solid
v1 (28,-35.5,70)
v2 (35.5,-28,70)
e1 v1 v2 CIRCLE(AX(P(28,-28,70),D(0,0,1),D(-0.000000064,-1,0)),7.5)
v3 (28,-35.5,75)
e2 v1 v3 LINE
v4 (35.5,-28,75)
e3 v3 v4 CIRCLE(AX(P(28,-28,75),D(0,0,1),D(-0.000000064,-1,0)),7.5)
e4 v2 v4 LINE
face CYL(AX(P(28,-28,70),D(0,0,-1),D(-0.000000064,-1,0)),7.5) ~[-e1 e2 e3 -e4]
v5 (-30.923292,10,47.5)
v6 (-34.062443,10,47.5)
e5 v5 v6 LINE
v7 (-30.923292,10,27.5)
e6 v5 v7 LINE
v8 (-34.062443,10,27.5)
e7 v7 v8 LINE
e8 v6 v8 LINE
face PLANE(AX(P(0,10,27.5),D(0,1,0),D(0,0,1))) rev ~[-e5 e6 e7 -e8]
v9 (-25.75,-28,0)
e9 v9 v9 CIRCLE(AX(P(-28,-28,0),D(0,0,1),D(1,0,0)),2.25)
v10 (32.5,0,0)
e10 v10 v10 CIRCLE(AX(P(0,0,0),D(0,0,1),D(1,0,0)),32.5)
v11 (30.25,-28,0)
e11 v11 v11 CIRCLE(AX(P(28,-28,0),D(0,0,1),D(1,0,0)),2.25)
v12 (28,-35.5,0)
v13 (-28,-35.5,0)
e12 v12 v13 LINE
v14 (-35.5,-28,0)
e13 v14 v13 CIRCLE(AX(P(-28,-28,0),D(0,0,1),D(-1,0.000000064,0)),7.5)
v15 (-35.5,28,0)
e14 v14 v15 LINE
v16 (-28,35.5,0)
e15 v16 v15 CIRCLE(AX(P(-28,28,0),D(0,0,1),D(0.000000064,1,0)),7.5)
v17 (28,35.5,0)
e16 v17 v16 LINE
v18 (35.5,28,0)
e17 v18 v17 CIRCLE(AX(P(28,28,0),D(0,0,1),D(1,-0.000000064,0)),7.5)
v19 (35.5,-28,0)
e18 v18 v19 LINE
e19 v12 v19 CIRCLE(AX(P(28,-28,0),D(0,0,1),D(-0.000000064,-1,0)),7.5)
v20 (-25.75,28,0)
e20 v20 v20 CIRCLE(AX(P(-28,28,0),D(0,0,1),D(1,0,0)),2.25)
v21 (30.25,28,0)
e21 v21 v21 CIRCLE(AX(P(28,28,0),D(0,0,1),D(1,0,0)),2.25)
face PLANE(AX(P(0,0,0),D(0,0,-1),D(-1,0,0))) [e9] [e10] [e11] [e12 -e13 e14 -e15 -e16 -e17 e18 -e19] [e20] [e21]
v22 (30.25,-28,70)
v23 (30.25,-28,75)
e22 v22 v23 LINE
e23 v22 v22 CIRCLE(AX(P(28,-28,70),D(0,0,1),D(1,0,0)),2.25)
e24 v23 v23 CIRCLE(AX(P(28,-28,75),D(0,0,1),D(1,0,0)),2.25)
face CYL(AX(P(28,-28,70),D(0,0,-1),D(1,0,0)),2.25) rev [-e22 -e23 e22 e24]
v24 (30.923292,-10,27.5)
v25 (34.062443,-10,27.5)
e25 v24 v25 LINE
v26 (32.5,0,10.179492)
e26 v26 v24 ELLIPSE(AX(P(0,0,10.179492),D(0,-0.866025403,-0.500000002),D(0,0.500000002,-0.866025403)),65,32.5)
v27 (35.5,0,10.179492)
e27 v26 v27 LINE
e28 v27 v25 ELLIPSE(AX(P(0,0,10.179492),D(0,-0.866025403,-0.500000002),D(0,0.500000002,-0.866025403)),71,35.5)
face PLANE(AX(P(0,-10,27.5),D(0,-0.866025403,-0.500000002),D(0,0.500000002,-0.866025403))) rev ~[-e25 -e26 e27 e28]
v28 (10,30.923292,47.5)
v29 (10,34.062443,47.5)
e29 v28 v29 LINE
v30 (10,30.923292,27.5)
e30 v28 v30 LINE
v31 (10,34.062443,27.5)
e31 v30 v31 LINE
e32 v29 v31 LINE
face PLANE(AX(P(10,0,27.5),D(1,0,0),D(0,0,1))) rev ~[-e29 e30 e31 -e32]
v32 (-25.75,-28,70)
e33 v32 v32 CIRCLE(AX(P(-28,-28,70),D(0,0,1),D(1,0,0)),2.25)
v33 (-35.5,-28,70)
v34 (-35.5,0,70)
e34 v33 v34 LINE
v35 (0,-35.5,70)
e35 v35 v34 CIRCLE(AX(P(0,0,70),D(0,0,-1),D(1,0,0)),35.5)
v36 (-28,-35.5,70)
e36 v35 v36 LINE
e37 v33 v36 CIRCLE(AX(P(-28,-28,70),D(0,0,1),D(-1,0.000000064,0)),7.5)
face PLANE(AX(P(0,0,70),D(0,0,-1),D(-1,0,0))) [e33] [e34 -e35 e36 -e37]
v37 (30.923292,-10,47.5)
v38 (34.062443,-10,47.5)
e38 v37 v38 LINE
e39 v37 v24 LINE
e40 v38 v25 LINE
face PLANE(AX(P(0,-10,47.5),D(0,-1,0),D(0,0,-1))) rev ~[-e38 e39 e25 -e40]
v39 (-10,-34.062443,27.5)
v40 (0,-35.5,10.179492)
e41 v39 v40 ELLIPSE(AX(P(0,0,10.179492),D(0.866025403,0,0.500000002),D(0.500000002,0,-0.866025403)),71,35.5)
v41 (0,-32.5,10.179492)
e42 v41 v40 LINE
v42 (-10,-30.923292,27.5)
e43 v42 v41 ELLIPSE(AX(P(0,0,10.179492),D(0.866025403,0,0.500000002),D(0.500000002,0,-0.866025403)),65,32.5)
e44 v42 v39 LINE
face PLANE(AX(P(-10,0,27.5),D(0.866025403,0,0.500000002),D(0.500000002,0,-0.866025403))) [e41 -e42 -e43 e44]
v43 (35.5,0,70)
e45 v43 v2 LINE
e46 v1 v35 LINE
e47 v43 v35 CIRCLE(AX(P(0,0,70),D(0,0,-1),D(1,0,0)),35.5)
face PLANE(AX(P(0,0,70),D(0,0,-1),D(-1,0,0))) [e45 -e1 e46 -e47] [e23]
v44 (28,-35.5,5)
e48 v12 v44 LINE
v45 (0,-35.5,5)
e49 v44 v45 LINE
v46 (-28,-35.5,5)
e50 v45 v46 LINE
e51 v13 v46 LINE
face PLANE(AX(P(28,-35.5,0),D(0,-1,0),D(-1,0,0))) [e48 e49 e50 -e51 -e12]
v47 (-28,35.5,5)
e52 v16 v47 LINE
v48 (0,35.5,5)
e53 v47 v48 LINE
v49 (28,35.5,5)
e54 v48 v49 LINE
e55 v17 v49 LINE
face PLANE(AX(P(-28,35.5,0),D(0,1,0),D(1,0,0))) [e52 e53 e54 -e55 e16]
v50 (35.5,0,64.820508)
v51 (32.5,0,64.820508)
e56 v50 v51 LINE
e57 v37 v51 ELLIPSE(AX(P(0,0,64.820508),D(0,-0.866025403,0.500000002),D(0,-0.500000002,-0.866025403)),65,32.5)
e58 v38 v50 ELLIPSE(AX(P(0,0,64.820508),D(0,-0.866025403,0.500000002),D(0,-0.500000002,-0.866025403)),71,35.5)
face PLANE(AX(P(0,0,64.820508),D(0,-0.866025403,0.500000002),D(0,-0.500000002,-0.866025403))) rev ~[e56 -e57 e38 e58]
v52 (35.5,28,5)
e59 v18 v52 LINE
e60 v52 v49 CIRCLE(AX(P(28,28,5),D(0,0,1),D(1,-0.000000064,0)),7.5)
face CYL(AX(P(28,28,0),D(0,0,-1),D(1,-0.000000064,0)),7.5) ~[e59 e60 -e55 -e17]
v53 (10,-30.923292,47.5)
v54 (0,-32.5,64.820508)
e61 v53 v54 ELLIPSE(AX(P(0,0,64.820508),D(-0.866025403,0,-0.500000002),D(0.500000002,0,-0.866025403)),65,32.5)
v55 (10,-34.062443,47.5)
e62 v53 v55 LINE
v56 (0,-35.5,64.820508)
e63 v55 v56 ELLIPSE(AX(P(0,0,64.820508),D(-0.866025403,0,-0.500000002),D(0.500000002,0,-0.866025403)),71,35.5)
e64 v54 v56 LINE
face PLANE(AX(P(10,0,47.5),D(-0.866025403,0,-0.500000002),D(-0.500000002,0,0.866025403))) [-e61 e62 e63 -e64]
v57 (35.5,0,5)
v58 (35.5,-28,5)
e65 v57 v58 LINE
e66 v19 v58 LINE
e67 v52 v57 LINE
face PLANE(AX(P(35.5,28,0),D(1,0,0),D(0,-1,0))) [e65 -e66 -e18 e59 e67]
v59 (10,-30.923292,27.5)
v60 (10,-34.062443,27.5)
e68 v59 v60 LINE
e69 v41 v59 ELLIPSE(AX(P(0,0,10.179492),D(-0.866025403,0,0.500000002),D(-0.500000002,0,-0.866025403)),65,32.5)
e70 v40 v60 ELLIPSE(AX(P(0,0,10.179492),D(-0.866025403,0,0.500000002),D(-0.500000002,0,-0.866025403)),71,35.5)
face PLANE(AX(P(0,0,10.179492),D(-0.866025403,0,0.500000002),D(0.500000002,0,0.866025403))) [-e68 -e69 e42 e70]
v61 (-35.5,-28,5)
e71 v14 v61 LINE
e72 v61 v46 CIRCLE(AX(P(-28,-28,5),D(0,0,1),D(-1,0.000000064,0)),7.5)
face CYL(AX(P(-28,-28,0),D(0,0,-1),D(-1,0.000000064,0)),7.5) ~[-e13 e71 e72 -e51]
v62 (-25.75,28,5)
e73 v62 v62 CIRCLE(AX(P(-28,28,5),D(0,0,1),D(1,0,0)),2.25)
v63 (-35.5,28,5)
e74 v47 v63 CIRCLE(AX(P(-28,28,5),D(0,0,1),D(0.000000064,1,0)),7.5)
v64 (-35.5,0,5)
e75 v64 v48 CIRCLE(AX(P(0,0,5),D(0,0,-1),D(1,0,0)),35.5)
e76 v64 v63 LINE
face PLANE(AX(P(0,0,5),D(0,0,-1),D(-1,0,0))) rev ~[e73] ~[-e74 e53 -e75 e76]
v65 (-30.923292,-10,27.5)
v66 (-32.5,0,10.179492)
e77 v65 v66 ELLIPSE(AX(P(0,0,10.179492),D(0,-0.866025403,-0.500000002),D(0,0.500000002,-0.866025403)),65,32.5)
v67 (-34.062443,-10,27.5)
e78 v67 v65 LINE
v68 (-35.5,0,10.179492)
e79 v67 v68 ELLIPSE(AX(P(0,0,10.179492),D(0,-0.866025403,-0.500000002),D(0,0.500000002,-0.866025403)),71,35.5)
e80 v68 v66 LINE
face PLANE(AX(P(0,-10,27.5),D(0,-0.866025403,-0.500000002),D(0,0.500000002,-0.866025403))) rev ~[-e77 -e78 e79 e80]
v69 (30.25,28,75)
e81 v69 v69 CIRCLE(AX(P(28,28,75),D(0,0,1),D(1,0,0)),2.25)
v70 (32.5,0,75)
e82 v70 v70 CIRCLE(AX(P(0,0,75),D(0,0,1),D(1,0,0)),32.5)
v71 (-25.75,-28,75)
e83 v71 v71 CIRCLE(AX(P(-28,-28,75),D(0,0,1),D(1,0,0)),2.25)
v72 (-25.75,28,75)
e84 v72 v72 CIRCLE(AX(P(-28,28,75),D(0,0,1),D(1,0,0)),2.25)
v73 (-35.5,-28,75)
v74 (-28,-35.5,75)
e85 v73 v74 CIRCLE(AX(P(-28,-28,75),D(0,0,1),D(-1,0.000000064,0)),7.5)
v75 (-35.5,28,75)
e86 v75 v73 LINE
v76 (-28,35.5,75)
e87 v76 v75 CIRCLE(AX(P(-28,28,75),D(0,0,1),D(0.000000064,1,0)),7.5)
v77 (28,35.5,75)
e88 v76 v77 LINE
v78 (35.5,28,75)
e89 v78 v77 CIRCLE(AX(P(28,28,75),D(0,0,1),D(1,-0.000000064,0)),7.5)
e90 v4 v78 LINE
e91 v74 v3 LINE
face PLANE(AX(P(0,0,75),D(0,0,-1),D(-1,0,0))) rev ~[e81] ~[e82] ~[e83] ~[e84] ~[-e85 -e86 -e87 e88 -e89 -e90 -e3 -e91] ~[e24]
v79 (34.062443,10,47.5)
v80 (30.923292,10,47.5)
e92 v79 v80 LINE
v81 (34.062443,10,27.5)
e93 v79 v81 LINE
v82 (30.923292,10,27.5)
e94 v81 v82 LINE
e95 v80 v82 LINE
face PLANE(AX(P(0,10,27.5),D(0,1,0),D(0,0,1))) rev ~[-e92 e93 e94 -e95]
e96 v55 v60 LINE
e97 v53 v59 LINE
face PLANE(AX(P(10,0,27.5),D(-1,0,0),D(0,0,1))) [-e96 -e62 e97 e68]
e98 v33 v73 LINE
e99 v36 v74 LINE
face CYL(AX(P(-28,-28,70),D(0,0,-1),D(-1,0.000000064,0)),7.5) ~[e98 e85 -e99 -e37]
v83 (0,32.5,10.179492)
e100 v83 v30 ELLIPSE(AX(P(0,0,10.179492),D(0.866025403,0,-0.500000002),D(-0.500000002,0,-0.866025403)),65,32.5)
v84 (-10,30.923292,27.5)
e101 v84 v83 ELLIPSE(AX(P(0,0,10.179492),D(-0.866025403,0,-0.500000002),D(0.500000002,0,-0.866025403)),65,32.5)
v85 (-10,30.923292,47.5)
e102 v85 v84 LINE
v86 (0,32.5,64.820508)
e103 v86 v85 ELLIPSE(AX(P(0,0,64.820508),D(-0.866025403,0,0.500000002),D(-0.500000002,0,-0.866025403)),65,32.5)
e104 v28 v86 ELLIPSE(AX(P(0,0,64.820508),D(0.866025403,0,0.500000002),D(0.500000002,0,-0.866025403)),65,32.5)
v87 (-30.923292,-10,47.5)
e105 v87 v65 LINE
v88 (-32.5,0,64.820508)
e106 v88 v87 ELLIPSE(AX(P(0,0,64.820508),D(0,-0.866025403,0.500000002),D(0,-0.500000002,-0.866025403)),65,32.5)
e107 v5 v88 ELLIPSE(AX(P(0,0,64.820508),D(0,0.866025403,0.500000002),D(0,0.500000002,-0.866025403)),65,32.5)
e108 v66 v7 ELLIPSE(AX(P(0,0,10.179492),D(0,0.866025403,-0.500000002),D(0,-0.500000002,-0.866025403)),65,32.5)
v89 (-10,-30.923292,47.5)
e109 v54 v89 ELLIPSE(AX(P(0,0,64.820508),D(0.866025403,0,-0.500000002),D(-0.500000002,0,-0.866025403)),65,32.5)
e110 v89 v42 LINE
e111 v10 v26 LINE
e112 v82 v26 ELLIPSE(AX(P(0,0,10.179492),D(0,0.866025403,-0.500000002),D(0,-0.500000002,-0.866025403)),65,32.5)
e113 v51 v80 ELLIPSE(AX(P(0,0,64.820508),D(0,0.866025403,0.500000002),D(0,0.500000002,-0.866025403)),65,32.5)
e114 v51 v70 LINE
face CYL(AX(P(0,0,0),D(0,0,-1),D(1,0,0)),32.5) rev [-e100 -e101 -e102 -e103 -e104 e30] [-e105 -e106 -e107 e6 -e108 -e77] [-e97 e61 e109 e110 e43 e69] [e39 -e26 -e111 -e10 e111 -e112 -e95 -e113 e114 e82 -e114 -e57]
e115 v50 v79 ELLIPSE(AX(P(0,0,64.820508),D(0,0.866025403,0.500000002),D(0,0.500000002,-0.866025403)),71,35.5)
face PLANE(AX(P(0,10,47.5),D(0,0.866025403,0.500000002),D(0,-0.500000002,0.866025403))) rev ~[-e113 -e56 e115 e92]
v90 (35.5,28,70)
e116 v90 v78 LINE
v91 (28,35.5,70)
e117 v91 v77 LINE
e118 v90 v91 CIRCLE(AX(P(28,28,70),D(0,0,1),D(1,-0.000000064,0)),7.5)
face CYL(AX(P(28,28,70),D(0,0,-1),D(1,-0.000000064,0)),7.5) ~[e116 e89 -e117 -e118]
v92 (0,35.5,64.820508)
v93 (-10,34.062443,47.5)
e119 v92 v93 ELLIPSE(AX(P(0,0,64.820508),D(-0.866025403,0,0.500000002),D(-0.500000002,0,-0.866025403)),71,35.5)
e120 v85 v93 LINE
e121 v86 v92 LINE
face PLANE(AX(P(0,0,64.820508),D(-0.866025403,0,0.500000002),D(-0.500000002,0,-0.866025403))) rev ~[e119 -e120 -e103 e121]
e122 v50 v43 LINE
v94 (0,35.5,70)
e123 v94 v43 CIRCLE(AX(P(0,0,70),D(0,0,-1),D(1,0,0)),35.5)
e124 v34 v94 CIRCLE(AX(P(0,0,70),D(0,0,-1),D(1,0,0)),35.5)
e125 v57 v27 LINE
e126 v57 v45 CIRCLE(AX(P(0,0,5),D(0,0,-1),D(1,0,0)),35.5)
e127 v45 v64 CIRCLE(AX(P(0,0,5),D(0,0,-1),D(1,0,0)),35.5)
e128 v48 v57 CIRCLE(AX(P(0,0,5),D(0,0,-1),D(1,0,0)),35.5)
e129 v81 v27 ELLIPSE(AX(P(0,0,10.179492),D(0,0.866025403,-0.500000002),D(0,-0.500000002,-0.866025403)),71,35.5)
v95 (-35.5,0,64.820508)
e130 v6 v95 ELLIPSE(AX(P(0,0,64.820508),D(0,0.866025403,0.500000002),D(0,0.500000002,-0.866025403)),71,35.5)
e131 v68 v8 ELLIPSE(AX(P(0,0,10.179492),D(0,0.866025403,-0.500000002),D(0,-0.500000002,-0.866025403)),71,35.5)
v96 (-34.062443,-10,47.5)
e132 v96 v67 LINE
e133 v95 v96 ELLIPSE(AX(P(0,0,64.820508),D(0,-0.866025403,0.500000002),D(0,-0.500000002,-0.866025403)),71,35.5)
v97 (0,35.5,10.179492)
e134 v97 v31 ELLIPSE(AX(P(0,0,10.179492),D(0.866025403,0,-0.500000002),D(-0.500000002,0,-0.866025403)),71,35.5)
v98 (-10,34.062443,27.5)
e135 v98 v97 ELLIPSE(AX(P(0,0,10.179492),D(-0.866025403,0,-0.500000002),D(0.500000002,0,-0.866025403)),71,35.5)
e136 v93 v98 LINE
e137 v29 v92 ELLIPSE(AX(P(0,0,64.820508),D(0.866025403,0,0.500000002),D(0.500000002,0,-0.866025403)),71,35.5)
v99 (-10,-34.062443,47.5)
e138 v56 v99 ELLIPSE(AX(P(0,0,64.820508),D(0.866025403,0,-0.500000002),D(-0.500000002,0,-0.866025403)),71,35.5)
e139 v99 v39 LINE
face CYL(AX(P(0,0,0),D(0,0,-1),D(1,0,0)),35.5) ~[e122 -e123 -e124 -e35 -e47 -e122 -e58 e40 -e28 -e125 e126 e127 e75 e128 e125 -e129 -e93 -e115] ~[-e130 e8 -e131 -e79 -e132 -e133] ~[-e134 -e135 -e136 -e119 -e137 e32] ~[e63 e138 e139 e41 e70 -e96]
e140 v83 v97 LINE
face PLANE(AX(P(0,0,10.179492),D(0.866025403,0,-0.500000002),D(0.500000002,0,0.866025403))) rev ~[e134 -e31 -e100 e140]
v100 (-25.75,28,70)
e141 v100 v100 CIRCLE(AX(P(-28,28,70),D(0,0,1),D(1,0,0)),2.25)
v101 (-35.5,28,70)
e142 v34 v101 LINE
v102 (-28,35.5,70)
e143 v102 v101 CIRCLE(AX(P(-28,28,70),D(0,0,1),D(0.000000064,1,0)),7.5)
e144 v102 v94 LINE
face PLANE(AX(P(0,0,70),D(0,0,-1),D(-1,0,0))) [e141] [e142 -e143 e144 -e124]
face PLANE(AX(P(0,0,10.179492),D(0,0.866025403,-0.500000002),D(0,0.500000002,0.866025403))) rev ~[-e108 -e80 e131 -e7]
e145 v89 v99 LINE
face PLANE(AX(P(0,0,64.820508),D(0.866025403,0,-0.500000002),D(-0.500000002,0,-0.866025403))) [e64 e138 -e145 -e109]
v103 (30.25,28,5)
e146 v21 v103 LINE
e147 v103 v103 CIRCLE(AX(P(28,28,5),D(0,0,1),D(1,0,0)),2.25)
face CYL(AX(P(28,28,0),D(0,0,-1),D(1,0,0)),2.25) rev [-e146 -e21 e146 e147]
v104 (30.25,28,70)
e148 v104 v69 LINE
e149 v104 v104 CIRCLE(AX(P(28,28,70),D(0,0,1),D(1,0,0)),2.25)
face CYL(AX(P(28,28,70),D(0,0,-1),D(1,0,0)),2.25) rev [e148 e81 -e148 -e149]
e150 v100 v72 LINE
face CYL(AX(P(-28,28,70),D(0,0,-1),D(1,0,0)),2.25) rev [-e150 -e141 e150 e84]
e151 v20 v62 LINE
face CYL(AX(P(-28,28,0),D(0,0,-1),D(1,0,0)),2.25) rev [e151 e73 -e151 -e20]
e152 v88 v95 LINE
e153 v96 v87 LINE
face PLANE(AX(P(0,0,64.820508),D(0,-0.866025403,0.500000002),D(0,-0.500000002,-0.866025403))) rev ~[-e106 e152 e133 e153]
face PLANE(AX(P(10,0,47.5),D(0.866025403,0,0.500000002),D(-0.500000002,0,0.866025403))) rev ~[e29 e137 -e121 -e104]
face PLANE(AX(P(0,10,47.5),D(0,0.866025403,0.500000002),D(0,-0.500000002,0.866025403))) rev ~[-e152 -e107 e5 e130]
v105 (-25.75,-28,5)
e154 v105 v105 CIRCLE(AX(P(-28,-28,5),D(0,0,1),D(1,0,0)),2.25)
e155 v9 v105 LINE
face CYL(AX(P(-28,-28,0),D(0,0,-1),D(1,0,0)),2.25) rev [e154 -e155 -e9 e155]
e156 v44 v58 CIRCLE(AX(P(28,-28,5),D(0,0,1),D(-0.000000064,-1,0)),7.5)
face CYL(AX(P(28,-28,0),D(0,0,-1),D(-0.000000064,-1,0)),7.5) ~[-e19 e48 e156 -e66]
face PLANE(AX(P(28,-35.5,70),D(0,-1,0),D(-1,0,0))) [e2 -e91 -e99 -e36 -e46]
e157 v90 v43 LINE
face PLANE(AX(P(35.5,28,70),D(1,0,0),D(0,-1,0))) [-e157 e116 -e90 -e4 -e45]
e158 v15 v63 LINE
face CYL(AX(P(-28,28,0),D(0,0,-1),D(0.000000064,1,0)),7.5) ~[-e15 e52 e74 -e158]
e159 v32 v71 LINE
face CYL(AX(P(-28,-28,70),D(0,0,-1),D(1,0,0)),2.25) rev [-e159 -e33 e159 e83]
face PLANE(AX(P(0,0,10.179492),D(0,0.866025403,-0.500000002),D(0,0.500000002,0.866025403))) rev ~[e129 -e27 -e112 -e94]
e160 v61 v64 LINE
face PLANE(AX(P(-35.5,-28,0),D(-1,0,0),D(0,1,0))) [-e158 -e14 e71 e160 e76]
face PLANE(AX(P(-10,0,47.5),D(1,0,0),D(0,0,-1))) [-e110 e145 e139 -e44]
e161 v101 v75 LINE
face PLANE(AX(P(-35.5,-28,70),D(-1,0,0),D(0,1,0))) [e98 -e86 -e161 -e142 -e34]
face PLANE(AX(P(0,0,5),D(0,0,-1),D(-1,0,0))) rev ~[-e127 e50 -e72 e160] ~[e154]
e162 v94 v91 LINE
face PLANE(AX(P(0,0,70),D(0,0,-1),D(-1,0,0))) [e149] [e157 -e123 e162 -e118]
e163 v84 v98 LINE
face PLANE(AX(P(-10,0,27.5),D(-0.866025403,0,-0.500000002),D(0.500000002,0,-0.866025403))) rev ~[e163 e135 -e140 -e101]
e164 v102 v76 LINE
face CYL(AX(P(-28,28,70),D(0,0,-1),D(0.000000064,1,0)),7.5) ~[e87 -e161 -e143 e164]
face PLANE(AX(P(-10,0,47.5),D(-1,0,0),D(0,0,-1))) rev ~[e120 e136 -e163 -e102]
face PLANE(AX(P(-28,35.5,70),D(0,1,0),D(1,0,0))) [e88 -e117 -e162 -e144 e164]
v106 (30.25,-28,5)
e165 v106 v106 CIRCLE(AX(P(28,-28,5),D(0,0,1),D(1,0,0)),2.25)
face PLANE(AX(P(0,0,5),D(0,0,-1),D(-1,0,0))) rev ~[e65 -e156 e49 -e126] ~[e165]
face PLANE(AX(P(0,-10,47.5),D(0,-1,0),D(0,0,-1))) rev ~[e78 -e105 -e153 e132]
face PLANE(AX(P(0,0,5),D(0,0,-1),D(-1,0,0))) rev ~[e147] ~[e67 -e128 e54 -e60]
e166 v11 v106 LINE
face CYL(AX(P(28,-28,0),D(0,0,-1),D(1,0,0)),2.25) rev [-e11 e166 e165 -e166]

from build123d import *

# Parameters (mm, degrees)
SKETCH_R           = 35.5
SKETCH_R_2         = 32.5
PAD_DEPTH          = 75
SKETCH001_R        = 2.25
SKETCH001_R_2      = 35
PAD001_DEPTH       = 5
SKETCH002_R        = 2.25
SKETCH002_R_2      = 35
PAD002_DEPTH       = 5
POCKET_DEPTH       = 286.156142
POCKET_DEPTH_BACK  = 286.156142
POLARPATTERN_COUNT = 2
POLARPATTERN_ANGLE = 90


with BuildPart() as part:
    # Sketch → Pad (new body)
    with BuildSketch(Plane.XY):
        Circle(SKETCH_R)
        Circle(SKETCH_R_2, mode=Mode.SUBTRACT)
    extrude(amount=PAD_DEPTH)

    # Sketch001 → Pad001 (join)
    with BuildSketch(Plane.XY):
        with BuildLine():
            Line((-28, 35.5), (28, 35.5))
            ThreePointArc((35.5, 28), (33.303301, 33.303301), (28, 35.5))
            Line((35.5, 28), (35.5, -28))
            ThreePointArc((28, -35.5), (33.303301, -33.303301), (35.5, -28))
            Line((28, -35.5), (-28, -35.5))
            ThreePointArc((-35.5, -28), (-33.303301, -33.303301), (-28, -35.5))
            Line((-35.5, -28), (-35.5, 28))
            ThreePointArc((-28, 35.5), (-33.303301, 33.303301), (-35.5, 28))
        make_face()
        with Locations((-28, 28)):
            Circle(SKETCH001_R, mode=Mode.SUBTRACT)
        with Locations((28, 28)):
            Circle(SKETCH001_R, mode=Mode.SUBTRACT)
        with Locations((28, -28)):
            Circle(SKETCH001_R, mode=Mode.SUBTRACT)
        with Locations((-28, -28)):
            Circle(SKETCH001_R, mode=Mode.SUBTRACT)
        Circle(SKETCH001_R_2, mode=Mode.SUBTRACT)
    extrude(amount=PAD001_DEPTH)

    # Sketch002 → Pad002 (join)
    with BuildSketch(Plane.XY.offset(70)):
        with BuildLine():
            Line((-28, 35.5), (28, 35.5))
            ThreePointArc((35.5, 28), (33.303301, 33.303301), (28, 35.5))
            Line((35.5, 28), (35.5, -28))
            ThreePointArc((28, -35.5), (33.303301, -33.303301), (35.5, -28))
            Line((28, -35.5), (-28, -35.5))
            ThreePointArc((-35.5, -28), (-33.303301, -33.303301), (-28, -35.5))
            Line((-35.5, -28), (-35.5, 28))
            ThreePointArc((-28, 35.5), (-33.303301, 33.303301), (-35.5, 28))
        make_face()
        with Locations((-28, 28)):
            Circle(SKETCH002_R, mode=Mode.SUBTRACT)
        with Locations((28, 28)):
            Circle(SKETCH002_R, mode=Mode.SUBTRACT)
        with Locations((28, -28)):
            Circle(SKETCH002_R, mode=Mode.SUBTRACT)
        with Locations((-28, -28)):
            Circle(SKETCH002_R, mode=Mode.SUBTRACT)
        Circle(SKETCH002_R_2, mode=Mode.SUBTRACT)
    extrude(amount=PAD002_DEPTH)

    # Sketch003 → Pocket (cut, two sides)
    with BuildSketch(Plane.XZ) as pocket_sk:
        Polygon((0, 64.820508), (-10, 47.5), (-10, 27.5), (0, 10.179492), (10, 27.5), (10, 47.5), align=None)
    pocket = extrude(amount=-POCKET_DEPTH, mode=Mode.SUBTRACT) + extrude(pocket_sk.sketch, amount=POCKET_DEPTH_BACK, mode=Mode.SUBTRACT)

    # PolarPattern: Pocket ×2 about axis
    polarpattern_axis = Axis((0, 0, 0), (0, 0, 1))
    for i in range(1, POLARPATTERN_COUNT):
        add(pocket.rotate(polarpattern_axis, i * POLARPATTERN_ANGLE / (POLARPATTERN_COUNT - 1)), mode=Mode.SUBTRACT)


solid = part.part
